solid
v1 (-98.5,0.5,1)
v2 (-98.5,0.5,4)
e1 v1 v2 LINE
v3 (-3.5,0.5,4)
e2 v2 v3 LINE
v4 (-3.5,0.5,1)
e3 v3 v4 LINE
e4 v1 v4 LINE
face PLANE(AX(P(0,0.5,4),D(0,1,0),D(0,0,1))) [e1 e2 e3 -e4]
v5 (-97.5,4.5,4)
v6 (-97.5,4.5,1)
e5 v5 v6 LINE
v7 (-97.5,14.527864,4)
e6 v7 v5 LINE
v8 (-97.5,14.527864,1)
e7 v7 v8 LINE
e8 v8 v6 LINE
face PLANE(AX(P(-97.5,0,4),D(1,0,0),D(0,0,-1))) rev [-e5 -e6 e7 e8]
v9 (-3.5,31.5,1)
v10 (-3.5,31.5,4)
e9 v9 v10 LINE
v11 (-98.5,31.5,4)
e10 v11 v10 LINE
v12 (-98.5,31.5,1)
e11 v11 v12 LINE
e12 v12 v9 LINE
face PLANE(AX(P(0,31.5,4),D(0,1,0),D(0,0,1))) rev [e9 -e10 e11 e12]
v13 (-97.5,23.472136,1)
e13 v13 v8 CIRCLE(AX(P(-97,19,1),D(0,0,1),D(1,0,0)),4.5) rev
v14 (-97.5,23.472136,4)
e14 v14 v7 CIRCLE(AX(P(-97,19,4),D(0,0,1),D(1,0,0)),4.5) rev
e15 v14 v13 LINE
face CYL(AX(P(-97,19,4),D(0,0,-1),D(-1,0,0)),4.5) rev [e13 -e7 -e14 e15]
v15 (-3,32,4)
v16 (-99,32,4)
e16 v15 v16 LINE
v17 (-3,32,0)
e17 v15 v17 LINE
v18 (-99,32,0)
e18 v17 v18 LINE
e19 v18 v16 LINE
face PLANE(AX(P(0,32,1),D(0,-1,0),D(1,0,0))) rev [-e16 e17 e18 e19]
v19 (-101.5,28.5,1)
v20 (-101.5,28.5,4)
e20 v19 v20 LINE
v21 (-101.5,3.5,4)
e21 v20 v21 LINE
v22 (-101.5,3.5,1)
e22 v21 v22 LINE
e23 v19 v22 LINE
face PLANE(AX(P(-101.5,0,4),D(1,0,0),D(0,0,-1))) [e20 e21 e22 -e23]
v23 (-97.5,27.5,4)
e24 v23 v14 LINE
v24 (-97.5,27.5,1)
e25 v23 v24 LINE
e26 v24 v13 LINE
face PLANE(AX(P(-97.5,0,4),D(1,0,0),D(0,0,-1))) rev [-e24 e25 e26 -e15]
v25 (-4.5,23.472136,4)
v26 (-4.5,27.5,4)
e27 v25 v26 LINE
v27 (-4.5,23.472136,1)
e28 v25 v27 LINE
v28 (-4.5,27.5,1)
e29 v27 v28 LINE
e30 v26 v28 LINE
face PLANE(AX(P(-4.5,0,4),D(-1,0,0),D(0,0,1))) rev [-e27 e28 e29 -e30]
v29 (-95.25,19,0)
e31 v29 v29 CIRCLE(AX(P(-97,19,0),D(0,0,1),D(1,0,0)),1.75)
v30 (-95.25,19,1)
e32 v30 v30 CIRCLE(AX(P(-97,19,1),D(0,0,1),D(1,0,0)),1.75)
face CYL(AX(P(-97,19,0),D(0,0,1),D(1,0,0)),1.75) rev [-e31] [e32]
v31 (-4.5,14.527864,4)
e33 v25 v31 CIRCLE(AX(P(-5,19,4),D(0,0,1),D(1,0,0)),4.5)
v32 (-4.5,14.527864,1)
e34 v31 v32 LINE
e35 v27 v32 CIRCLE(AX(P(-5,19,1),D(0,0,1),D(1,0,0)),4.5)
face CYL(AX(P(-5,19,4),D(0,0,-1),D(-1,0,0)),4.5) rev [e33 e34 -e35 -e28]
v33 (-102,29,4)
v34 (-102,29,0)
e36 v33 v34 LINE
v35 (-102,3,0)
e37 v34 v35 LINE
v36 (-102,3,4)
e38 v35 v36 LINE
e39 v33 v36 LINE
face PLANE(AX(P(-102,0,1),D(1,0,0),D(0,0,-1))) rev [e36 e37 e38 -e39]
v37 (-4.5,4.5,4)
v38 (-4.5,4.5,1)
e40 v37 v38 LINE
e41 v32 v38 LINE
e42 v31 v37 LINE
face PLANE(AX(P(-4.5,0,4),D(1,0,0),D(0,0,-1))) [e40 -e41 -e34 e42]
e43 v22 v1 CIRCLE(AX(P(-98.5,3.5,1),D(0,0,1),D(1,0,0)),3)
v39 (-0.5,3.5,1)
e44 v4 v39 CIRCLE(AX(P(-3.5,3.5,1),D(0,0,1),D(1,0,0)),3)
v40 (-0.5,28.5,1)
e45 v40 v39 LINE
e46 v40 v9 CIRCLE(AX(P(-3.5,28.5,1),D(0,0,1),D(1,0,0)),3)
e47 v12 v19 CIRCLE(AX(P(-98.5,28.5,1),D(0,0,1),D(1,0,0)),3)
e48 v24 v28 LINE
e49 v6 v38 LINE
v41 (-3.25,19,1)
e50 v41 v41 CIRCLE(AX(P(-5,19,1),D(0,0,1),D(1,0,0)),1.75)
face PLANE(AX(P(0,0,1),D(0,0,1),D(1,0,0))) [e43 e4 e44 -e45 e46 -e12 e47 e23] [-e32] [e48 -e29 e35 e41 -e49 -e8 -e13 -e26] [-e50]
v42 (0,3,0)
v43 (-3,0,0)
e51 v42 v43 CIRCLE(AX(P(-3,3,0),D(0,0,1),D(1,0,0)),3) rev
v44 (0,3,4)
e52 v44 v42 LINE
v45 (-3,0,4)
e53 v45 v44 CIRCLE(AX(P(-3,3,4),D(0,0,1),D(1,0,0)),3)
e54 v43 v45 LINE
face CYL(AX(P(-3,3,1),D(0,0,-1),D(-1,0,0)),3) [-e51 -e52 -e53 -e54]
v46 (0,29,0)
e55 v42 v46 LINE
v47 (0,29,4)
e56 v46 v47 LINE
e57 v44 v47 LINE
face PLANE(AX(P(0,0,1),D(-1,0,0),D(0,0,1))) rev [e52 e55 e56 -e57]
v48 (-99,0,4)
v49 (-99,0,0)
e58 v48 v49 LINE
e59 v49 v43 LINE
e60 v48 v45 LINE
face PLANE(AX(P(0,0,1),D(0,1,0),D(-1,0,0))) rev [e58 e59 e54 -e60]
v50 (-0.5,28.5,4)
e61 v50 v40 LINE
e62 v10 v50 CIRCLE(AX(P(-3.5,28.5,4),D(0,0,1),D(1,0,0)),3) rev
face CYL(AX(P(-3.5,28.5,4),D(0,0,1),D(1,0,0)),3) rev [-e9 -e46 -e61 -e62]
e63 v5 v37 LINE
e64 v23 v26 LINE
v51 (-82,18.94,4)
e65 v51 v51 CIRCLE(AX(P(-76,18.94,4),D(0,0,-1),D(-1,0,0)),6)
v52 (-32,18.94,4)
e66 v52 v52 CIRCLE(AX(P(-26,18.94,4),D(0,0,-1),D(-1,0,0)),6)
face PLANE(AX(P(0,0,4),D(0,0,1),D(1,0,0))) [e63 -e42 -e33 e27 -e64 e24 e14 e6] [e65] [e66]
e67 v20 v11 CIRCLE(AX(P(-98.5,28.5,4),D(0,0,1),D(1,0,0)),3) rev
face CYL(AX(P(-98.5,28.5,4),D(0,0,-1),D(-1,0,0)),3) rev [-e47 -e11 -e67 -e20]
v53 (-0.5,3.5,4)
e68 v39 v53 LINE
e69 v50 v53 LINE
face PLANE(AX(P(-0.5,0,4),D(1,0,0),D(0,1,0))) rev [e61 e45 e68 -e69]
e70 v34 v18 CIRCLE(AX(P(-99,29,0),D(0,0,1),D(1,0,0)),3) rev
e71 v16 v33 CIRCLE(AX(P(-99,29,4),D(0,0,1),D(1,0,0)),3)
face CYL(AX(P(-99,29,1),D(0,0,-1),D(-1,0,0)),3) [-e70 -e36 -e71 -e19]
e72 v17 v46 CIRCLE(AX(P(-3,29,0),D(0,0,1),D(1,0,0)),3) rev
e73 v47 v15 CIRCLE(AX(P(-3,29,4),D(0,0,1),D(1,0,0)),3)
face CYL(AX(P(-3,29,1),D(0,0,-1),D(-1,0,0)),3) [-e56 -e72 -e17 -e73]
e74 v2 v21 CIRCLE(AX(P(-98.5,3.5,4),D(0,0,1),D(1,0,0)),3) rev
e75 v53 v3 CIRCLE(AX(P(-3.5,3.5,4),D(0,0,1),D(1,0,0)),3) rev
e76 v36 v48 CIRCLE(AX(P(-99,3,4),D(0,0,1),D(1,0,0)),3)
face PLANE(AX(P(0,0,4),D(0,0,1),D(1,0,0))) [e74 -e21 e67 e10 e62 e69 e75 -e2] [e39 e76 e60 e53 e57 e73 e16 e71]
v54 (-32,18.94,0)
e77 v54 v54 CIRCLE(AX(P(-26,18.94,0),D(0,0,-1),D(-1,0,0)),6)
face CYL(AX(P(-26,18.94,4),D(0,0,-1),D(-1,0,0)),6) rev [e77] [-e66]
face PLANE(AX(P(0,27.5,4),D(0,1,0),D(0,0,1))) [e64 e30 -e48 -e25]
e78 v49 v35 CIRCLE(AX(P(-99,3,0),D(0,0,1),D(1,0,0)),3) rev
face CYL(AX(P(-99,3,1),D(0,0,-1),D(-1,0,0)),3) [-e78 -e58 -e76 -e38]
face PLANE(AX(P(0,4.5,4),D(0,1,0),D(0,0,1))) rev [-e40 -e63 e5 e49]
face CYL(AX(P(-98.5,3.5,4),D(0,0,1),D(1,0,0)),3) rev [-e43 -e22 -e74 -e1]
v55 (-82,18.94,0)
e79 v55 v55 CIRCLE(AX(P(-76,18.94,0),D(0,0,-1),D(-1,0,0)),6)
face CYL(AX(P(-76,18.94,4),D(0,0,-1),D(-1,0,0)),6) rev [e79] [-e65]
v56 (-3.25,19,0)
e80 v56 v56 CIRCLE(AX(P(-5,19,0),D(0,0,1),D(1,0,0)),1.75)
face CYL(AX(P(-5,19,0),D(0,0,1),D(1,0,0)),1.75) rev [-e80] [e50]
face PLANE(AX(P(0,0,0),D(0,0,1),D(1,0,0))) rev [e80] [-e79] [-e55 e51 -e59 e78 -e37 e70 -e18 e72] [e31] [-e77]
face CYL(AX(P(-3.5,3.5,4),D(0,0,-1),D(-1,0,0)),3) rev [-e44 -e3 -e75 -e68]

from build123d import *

# Parameters (mm, degrees)
SKETCH1_W           = 102
SKETCH1_H           = 32
BOSS_EXTRUDE1_DEPTH = 1
SKETCH2_W           = 102
SKETCH2_H           = 32
SKETCH2_W_2         = 101
SKETCH2_H_2         = 31
BOSS_EXTRUDE2_DEPTH = 3
SKETCH3_R           = 1.75
CUT_EXTRUDE1_DEPTH  = 107.943910533
FILLET1_R           = 3
SKETCH4_R           = 6
CUT_EXTRUDE2_DEPTH  = 107.976632963


with BuildPart() as part:
    # Sketch1 → Boss-Extrude1 (new body)
    with BuildSketch(Plane.XY):
        with Locations((-51, 16)):
            Rectangle(SKETCH1_W, SKETCH1_H)
    extrude(amount=BOSS_EXTRUDE1_DEPTH)

    # Sketch2 → Boss-Extrude2 (add)
    # profile 1 of 2: a face of its own
    with BuildSketch(Plane.XY.offset(1)):
        with Locations((-51, 16)):
            Rectangle(SKETCH2_W, SKETCH2_H)
        with Locations((-51, 16)):
            Rectangle(SKETCH2_W_2, SKETCH2_H_2, mode=Mode.SUBTRACT)
    # profile 2 of 2: a face of its own
    with BuildSketch(Plane.XY.offset(1)):
        with BuildLine():
            Line((-97.5, 14.527864045), (-97.5, 4.5))
            Line((-97.5, 4.5), (-4.5, 4.5))
            Line((-4.5, 4.5), (-4.5, 14.527864045))
            ThreePointArc((-4.5, 14.527864045), (-9.5, 19), (-4.5, 23.472135955))
            Line((-4.5, 23.472135955), (-4.5, 27.5))
            Line((-4.5, 27.5), (-97.5, 27.5))
            Line((-97.5, 27.5), (-97.5, 23.472135955))
            ThreePointArc((-97.5, 23.472135955), (-92.5, 19), (-97.5, 14.527864045))
        make_face()
    extrude(amount=BOSS_EXTRUDE2_DEPTH)

    # Sketch3 → Cut-Extrude1 (cut, through all)
    with BuildSketch(Plane.XY.offset(1)):
        with Locations((-97, 19)):
            Circle(SKETCH3_R)
        with Locations((-5, 19)):
            Circle(SKETCH3_R)
    extrude(amount=-CUT_EXTRUDE1_DEPTH, mode=Mode.SUBTRACT)

    # Fillet1
    fillet1_edges = [part.edges().sort_by_distance(p)[0] for p in [
        (-101.5, 31.5, 2.5),
        (-0.5, 31.5, 2.5),
        (-0.5, 0.5, 2.5),
        (-101.5, 0.5, 2.5),
        (0, 0, 2),
        (-102, 0, 2),
        (-102, 32, 2),
        (0, 32, 2),
    ]]
    fillet(fillet1_edges, radius=FILLET1_R)

    # Sketch4 → Cut-Extrude2 (cut, through all)
    with BuildSketch(Plane(origin=(0, 0, 0), x_dir=(-1, 0, 0), z_dir=(0, 0, -1))):
        with Locations((26, 18.94)):
            Circle(SKETCH4_R)
        with Locations((76, 18.94)):
            Circle(SKETCH4_R)
    extrude(amount=-CUT_EXTRUDE2_DEPTH, mode=Mode.SUBTRACT)


solid = part.part
